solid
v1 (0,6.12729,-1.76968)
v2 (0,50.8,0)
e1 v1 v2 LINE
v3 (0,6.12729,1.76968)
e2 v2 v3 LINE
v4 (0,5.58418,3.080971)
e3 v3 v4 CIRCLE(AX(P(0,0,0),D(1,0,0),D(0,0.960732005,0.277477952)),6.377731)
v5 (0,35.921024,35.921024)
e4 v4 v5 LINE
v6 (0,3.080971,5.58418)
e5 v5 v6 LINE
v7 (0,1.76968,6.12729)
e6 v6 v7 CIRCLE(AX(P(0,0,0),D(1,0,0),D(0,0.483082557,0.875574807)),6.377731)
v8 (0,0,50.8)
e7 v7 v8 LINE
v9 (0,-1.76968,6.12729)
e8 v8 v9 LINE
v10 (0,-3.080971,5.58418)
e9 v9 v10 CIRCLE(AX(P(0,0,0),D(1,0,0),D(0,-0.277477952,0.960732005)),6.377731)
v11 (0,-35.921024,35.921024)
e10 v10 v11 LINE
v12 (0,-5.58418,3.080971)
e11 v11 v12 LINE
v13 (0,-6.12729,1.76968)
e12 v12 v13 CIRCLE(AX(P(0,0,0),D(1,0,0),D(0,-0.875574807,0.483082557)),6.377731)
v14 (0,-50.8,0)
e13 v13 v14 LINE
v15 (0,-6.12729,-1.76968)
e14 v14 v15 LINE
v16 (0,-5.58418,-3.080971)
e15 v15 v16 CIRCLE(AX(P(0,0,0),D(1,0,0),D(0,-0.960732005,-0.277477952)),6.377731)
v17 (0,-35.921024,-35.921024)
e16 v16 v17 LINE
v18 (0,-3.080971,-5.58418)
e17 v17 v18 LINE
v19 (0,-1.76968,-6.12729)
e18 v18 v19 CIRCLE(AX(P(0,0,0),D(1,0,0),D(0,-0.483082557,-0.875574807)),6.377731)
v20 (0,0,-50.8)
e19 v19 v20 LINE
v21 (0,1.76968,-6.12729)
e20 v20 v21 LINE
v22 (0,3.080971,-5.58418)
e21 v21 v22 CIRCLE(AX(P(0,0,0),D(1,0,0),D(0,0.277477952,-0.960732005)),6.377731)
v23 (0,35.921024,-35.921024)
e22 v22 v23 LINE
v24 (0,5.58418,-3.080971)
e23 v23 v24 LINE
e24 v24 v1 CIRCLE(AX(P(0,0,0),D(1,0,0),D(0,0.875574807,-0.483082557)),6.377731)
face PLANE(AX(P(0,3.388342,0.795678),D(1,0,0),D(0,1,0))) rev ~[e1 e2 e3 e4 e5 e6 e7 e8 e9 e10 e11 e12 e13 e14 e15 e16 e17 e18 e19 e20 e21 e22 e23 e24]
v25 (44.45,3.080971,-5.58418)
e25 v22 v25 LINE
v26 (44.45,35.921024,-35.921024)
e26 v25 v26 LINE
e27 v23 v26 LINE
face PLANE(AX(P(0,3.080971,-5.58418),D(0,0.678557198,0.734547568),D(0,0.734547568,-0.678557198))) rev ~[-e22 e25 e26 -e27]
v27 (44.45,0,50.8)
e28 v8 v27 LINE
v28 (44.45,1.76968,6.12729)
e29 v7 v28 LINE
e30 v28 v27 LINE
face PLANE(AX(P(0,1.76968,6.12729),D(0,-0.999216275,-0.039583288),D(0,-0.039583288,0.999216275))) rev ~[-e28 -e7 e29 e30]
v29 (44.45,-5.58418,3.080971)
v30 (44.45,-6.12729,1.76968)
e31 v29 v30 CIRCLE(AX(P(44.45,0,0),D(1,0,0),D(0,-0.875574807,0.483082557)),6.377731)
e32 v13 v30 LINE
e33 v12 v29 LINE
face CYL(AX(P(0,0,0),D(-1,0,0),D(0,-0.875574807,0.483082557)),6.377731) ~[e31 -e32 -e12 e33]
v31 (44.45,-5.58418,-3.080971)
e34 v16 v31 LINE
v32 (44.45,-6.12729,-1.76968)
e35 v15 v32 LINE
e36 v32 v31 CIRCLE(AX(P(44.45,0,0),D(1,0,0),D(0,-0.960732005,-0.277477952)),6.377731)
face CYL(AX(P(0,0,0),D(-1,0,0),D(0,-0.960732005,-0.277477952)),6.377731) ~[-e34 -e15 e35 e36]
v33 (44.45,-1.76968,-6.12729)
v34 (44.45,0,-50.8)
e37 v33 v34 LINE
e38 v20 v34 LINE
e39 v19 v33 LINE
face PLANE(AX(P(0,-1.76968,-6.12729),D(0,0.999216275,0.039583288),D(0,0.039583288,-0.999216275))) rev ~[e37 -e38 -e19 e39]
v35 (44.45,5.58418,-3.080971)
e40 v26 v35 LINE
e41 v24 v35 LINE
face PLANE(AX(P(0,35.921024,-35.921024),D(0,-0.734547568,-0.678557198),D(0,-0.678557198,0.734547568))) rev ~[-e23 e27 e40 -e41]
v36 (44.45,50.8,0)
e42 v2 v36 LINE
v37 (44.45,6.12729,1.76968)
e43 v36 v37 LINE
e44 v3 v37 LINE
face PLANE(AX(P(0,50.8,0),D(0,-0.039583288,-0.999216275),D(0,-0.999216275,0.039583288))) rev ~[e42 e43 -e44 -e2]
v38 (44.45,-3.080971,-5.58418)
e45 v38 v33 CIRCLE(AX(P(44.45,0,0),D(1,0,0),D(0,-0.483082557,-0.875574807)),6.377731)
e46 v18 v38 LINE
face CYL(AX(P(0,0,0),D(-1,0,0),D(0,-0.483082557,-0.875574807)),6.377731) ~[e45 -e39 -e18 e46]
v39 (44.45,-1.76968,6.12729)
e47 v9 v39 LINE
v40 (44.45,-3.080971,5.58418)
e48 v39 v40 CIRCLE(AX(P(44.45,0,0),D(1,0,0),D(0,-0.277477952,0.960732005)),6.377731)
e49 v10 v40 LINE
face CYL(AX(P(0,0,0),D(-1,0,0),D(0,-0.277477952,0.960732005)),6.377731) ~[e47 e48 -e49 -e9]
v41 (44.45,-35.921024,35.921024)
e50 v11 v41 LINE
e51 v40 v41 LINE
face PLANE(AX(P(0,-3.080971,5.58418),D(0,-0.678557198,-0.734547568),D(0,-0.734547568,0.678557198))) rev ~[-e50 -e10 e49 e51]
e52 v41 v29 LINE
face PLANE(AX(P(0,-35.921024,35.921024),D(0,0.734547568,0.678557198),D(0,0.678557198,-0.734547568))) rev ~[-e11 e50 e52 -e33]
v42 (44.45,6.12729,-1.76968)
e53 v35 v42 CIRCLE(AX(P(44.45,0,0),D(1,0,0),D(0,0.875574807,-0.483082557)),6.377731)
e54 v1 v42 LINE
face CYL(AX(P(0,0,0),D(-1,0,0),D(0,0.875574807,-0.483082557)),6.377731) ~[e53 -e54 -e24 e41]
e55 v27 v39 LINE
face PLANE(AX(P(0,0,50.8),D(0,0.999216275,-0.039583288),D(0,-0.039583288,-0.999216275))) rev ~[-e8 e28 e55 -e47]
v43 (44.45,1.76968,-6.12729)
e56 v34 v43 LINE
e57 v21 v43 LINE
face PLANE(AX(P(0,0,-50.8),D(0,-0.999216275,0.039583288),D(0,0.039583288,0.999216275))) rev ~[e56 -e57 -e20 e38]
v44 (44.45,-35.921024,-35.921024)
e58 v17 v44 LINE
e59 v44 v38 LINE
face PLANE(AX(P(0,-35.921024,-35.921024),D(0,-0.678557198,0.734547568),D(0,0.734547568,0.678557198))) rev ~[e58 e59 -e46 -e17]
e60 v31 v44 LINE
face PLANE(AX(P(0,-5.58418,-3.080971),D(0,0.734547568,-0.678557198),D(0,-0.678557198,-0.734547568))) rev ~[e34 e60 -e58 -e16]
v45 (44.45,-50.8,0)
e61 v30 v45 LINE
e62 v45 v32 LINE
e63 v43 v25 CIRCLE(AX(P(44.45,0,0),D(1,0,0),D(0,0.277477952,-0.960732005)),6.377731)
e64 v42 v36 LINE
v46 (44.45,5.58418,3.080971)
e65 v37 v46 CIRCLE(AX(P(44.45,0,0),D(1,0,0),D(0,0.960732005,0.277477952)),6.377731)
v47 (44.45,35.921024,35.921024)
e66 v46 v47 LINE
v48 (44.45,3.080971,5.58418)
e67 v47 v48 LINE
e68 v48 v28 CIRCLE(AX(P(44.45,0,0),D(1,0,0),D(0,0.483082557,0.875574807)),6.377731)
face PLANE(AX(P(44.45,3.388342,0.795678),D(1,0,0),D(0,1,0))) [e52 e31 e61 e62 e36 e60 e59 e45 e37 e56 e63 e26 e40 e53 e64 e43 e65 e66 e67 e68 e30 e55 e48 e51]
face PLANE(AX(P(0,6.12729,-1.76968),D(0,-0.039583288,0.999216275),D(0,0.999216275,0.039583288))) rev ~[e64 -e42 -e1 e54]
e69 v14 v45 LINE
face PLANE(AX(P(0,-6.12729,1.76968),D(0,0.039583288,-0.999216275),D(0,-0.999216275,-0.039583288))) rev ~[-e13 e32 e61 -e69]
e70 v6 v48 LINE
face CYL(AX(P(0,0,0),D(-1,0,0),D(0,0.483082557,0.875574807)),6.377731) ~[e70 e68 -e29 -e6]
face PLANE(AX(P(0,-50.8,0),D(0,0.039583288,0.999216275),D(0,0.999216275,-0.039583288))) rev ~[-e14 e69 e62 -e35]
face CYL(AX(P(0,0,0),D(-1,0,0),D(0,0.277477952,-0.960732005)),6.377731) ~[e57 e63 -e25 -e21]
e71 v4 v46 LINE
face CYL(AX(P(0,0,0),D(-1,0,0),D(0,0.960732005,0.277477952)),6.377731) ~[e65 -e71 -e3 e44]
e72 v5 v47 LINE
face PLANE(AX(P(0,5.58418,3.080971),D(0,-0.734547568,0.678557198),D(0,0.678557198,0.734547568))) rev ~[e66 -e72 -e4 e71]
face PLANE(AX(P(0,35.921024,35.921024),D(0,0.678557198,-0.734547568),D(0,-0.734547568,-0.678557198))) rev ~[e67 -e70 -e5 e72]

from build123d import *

# Parameters (mm, degrees)
F1_DEPTH = 44.45


with BuildPart() as f1:
    # F0 (on Right) → F1 (new body)
    with BuildSketch(Plane.YZ):
        with BuildLine():
            Line((0, 0), (6.3777308804, 0))
            ThreePointArc((6.3777308804, 0), (6.3148103285, 0.8936563646), (6.1272901789, 1.7696797019))
            Line((6.1272901789, 1.7696797019), (4.4347789139, 1.8367274105))
            Line((4.4347789139, 1.8367274105), (1.9357257406, 1.9357257406))
            Line((1.9357257406, 1.9357257406), (0, 0))
        make_face()
        with BuildLine():
            Line((50.8, 0), (6.3777308804, 0))
            ThreePointArc((6.3777308804, 0), (6.3148103285, -0.8936563646), (6.1272901789, -1.7696797019))
            Line((6.1272901789, -1.7696797019), (50.8, 0))
        make_face()
        with BuildLine():
            ThreePointArc((6.1272901789, -1.7696797019), (6.3148103285, -0.8936563646), (6.3777308804, 0))
            Line((6.3777308804, 0), (0, 0))
            Line((0, 0), (1.9357257406, -1.9357257406))
            Line((1.9357257406, -1.9357257406), (4.4347789139, -1.8367274105))
            Line((4.4347789139, -1.8367274105), (6.1272901789, -1.7696797019))
        make_face()
        with BuildLine():
            ThreePointArc((6.1272901789, 1.7696797019), (6.3148103285, 0.8936563646), (6.3777308804, 0))
            Line((6.3777308804, 0), (50.8, 0))
            Line((50.8, 0), (6.1272901789, 1.7696797019))
        make_face()
        with BuildLine():
            Line((4.4347789139, 1.8367274105), (6.1272901789, 1.7696797019))
            ThreePointArc((6.1272901789, 1.7696797019), (5.8923261289, 2.4404802754), (5.5841804878, 3.0809705392))
            Line((5.5841804878, 3.0809705392), (4.4347789139, 1.8367274105))
        make_face()
        with BuildLine():
            ThreePointArc((5.5841804878, -3.0809705392), (5.8923261289, -2.4404802754), (6.1272901789, -1.7696797019))
            Line((6.1272901789, -1.7696797019), (4.4347789139, -1.8367274105))
            Line((4.4347789139, -1.8367274105), (5.5841804878, -3.0809705392))
        make_face()
        with BuildLine():
            Line((-1.9357257406, -1.9357257406), (0, 0))
            Line((0, 0), (-6.3777308804, 0))
            ThreePointArc((-6.3777308804, 0), (-6.3148103285, -0.8936563646), (-6.1272901789, -1.7696797019))
            Line((-6.1272901789, -1.7696797019), (-4.4347789139, -1.8367274105))
            Line((-4.4347789139, -1.8367274105), (-1.9357257406, -1.9357257406))
        make_face()
        with BuildLine():
            Line((-6.3777308804, 0), (0, 0))
            Line((0, 0), (-1.9357257406, 1.9357257406))
            Line((-1.9357257406, 1.9357257406), (-4.4347789139, 1.8367274105))
            Line((-4.4347789139, 1.8367274105), (-6.1272901789, 1.7696797019))
            ThreePointArc((-6.1272901789, 1.7696797019), (-6.3148103285, 0.8936563646), (-6.3777308804, 0))
        make_face()
        with BuildLine():
            Line((-1.9357257406, 1.9357257406), (0, 0))
            Line((0, 0), (0, 6.3777308804))
            ThreePointArc((0, 6.3777308804), (-0.8936563646, 6.3148103285), (-1.7696797019, 6.1272901789))
            Line((-1.7696797019, 6.1272901789), (-1.8367274105, 4.4347789139))
            Line((-1.8367274105, 4.4347789139), (-1.9357257406, 1.9357257406))
        make_face()
        with BuildLine():
            Line((0, 6.3777308804), (0, 0))
            Line((0, 0), (1.9357257406, 1.9357257406))
            Line((1.9357257406, 1.9357257406), (1.8367274105, 4.4347789139))
            Line((1.8367274105, 4.4347789139), (1.7696797019, 6.1272901789))
            ThreePointArc((1.7696797019, 6.1272901789), (0.8936563646, 6.3148103285), (0, 6.3777308804))
        make_face()
        with BuildLine():
            Line((1.9357257406, -1.9357257406), (0, 0))
            Line((0, 0), (0, -6.3777308804))
            ThreePointArc((0, -6.3777308804), (0.8936563646, -6.3148103285), (1.7696797019, -6.1272901789))
            Line((1.7696797019, -6.1272901789), (1.8367274105, -4.4347789139))
            Line((1.8367274105, -4.4347789139), (1.9357257406, -1.9357257406))
        make_face()
        with BuildLine():
            Line((0, -6.3777308804), (0, 0))
            Line((0, 0), (-1.9357257406, -1.9357257406))
            Line((-1.9357257406, -1.9357257406), (-1.8367274105, -4.4347789139))
            Line((-1.8367274105, -4.4347789139), (-1.7696797019, -6.1272901789))
            ThreePointArc((-1.7696797019, -6.1272901789), (-0.8936563646, -6.3148103285), (0, -6.3777308804))
        make_face()
        with BuildLine():
            Line((4.4347789139, 1.8367274105), (5.5841804878, 3.0809705392))
            ThreePointArc((5.5841804878, 3.0809705392), (5.0972673606, 3.8331862252), (4.5097367541, 4.5097367541))
            Line((4.5097367541, 4.5097367541), (1.9357257406, 1.9357257406))
            Line((1.9357257406, 1.9357257406), (4.4347789139, 1.8367274105))
        make_face()
        with BuildLine():
            ThreePointArc((4.5097367541, 4.5097367541), (5.0972673606, 3.8331862252), (5.5841804878, 3.0809705392))
            Line((5.5841804878, 3.0809705392), (35.9210244843, 35.9210244843))
            Line((35.9210244843, 35.9210244843), (4.5097367541, 4.5097367541))
        make_face()
        with BuildLine():
            Line((35.9210244843, -35.9210244843), (5.5841804878, -3.0809705392))
            ThreePointArc((5.5841804878, -3.0809705392), (5.0972673606, -3.8331862252), (4.5097367541, -4.5097367541))
            Line((4.5097367541, -4.5097367541), (35.9210244843, -35.9210244843))
        make_face()
        with BuildLine():
            ThreePointArc((4.5097367541, -4.5097367541), (5.0972673606, -3.8331862252), (5.5841804878, -3.0809705392))
            Line((5.5841804878, -3.0809705392), (4.4347789139, -1.8367274105))
            Line((4.4347789139, -1.8367274105), (1.9357257406, -1.9357257406))
            Line((1.9357257406, -1.9357257406), (4.5097367541, -4.5097367541))
        make_face()
        with BuildLine():
            Line((-50.8, 0), (-6.3777308804, 0))
            ThreePointArc((-6.3777308804, 0), (-6.3148103285, 0.8936563646), (-6.1272901789, 1.7696797019))
            Line((-6.1272901789, 1.7696797019), (-50.8, 0))
        make_face()
        with BuildLine():
            ThreePointArc((-6.1272901789, -1.7696797019), (-6.3148103285, -0.8936563646), (-6.3777308804, 0))
            Line((-6.3777308804, 0), (-50.8, 0))
            Line((-50.8, 0), (-6.1272901789, -1.7696797019))
        make_face()
        with BuildLine():
            Line((-4.4347789139, 1.8367274105), (-1.9357257406, 1.9357257406))
            Line((-1.9357257406, 1.9357257406), (-4.5097367541, 4.5097367541))
            ThreePointArc((-4.5097367541, 4.5097367541), (-5.0972673606, 3.8331862252), (-5.5841804878, 3.0809705392))
            Line((-5.5841804878, 3.0809705392), (-4.4347789139, 1.8367274105))
        make_face()
        with BuildLine():
            Line((-4.5097367541, 4.5097367541), (-1.9357257406, 1.9357257406))
            Line((-1.9357257406, 1.9357257406), (-1.8367274105, 4.4347789139))
            Line((-1.8367274105, 4.4347789139), (-3.0809705392, 5.5841804878))
            ThreePointArc((-3.0809705392, 5.5841804878), (-3.8331862252, 5.0972673606), (-4.5097367541, 4.5097367541))
        make_face()
        with BuildLine():
            Line((0, 50.8), (0, 6.3777308804))
            ThreePointArc((0, 6.3777308804), (0.8936563646, 6.3148103285), (1.7696797019, 6.1272901789))
            Line((1.7696797019, 6.1272901789), (0, 50.8))
        make_face()
        with BuildLine():
            ThreePointArc((-1.7696797019, 6.1272901789), (-0.8936563646, 6.3148103285), (0, 6.3777308804))
            Line((0, 6.3777308804), (0, 50.8))
            Line((0, 50.8), (-1.7696797019, 6.1272901789))
        make_face()
        with BuildLine():
            Line((1.8367274105, 4.4347789139), (1.9357257406, 1.9357257406))
            Line((1.9357257406, 1.9357257406), (4.5097367541, 4.5097367541))
            ThreePointArc((4.5097367541, 4.5097367541), (3.8331862252, 5.0972673606), (3.0809705392, 5.5841804878))
            Line((3.0809705392, 5.5841804878), (1.8367274105, 4.4347789139))
        make_face()
        with BuildLine():
            Line((4.5097367541, -4.5097367541), (1.9357257406, -1.9357257406))
            Line((1.9357257406, -1.9357257406), (1.8367274105, -4.4347789139))
            Line((1.8367274105, -4.4347789139), (3.0809705392, -5.5841804878))
            ThreePointArc((3.0809705392, -5.5841804878), (3.8331862252, -5.0972673606), (4.5097367541, -4.5097367541))
        make_face()
        with BuildLine():
            Line((0, -50.8), (0, -6.3777308804))
            ThreePointArc((0, -6.3777308804), (-0.8936563646, -6.3148103285), (-1.7696797019, -6.1272901789))
            Line((-1.7696797019, -6.1272901789), (0, -50.8))
        make_face()
        with BuildLine():
            ThreePointArc((1.7696797019, -6.1272901789), (0.8936563646, -6.3148103285), (0, -6.3777308804))
            Line((0, -6.3777308804), (0, -50.8))
            Line((0, -50.8), (1.7696797019, -6.1272901789))
        make_face()
        with BuildLine():
            Line((-1.8367274105, -4.4347789139), (-1.9357257406, -1.9357257406))
            Line((-1.9357257406, -1.9357257406), (-4.5097367541, -4.5097367541))
            ThreePointArc((-4.5097367541, -4.5097367541), (-3.8331862252, -5.0972673606), (-3.0809705392, -5.5841804878))
            Line((-3.0809705392, -5.5841804878), (-1.8367274105, -4.4347789139))
        make_face()
        with BuildLine():
            Line((-4.5097367541, -4.5097367541), (-1.9357257406, -1.9357257406))
            Line((-1.9357257406, -1.9357257406), (-4.4347789139, -1.8367274105))
            Line((-4.4347789139, -1.8367274105), (-5.5841804878, -3.0809705392))
            ThreePointArc((-5.5841804878, -3.0809705392), (-5.0972673606, -3.8331862252), (-4.5097367541, -4.5097367541))
        make_face()
        with BuildLine():
            ThreePointArc((3.0809705392, 5.5841804878), (3.8331862252, 5.0972673606), (4.5097367541, 4.5097367541))
            Line((4.5097367541, 4.5097367541), (35.9210244843, 35.9210244843))
            Line((35.9210244843, 35.9210244843), (3.0809705392, 5.5841804878))
        make_face()
        with BuildLine():
            Line((35.9210244843, -35.9210244843), (4.5097367541, -4.5097367541))
            ThreePointArc((4.5097367541, -4.5097367541), (3.8331862252, -5.0972673606), (3.0809705392, -5.5841804878))
            Line((3.0809705392, -5.5841804878), (35.9210244843, -35.9210244843))
        make_face()
        with BuildLine():
            ThreePointArc((-5.5841804878, 3.0809705392), (-5.8923261289, 2.4404802754), (-6.1272901789, 1.7696797019))
            Line((-6.1272901789, 1.7696797019), (-4.4347789139, 1.8367274105))
            Line((-4.4347789139, 1.8367274105), (-5.5841804878, 3.0809705392))
        make_face()
        with BuildLine():
            Line((-4.4347789139, -1.8367274105), (-6.1272901789, -1.7696797019))
            ThreePointArc((-6.1272901789, -1.7696797019), (-5.8923261289, -2.4404802754), (-5.5841804878, -3.0809705392))
            Line((-5.5841804878, -3.0809705392), (-4.4347789139, -1.8367274105))
        make_face()
        with BuildLine():
            Line((-35.9210244843, 35.9210244843), (-4.5097367541, 4.5097367541))
            ThreePointArc((-4.5097367541, 4.5097367541), (-3.8331862252, 5.0972673606), (-3.0809705392, 5.5841804878))
            Line((-3.0809705392, 5.5841804878), (-35.9210244843, 35.9210244843))
        make_face()
        with BuildLine():
            ThreePointArc((-5.5841804878, 3.0809705392), (-5.0972673606, 3.8331862252), (-4.5097367541, 4.5097367541))
            Line((-4.5097367541, 4.5097367541), (-35.9210244843, 35.9210244843))
            Line((-35.9210244843, 35.9210244843), (-5.5841804878, 3.0809705392))
        make_face()
        with BuildLine():
            Line((-3.0809705392, 5.5841804878), (-1.8367274105, 4.4347789139))
            Line((-1.8367274105, 4.4347789139), (-1.7696797019, 6.1272901789))
            ThreePointArc((-1.7696797019, 6.1272901789), (-2.4404802754, 5.8923261289), (-3.0809705392, 5.5841804878))
        make_face()
        with BuildLine():
            ThreePointArc((3.0809705392, 5.5841804878), (2.4404802754, 5.8923261289), (1.7696797019, 6.1272901789))
            Line((1.7696797019, 6.1272901789), (1.8367274105, 4.4347789139))
            Line((1.8367274105, 4.4347789139), (3.0809705392, 5.5841804878))
        make_face()
        with BuildLine():
            Line((3.0809705392, -5.5841804878), (1.8367274105, -4.4347789139))
            Line((1.8367274105, -4.4347789139), (1.7696797019, -6.1272901789))
            ThreePointArc((1.7696797019, -6.1272901789), (2.4404802754, -5.8923261289), (3.0809705392, -5.5841804878))
        make_face()
        with BuildLine():
            ThreePointArc((-3.0809705392, -5.5841804878), (-2.4404802754, -5.8923261289), (-1.7696797019, -6.1272901789))
            Line((-1.7696797019, -6.1272901789), (-1.8367274105, -4.4347789139))
            Line((-1.8367274105, -4.4347789139), (-3.0809705392, -5.5841804878))
        make_face()
        with BuildLine():
            Line((-35.9210244843, -35.9210244843), (-4.5097367541, -4.5097367541))
            ThreePointArc((-4.5097367541, -4.5097367541), (-5.0972673606, -3.8331862252), (-5.5841804878, -3.0809705392))
            Line((-5.5841804878, -3.0809705392), (-35.9210244843, -35.9210244843))
        make_face()
        with BuildLine():
            ThreePointArc((-3.0809705392, -5.5841804878), (-3.8331862252, -5.0972673606), (-4.5097367541, -4.5097367541))
            Line((-4.5097367541, -4.5097367541), (-35.9210244843, -35.9210244843))
            Line((-35.9210244843, -35.9210244843), (-3.0809705392, -5.5841804878))
        make_face()
    extrude(amount=F1_DEPTH)


solid = f1.part
